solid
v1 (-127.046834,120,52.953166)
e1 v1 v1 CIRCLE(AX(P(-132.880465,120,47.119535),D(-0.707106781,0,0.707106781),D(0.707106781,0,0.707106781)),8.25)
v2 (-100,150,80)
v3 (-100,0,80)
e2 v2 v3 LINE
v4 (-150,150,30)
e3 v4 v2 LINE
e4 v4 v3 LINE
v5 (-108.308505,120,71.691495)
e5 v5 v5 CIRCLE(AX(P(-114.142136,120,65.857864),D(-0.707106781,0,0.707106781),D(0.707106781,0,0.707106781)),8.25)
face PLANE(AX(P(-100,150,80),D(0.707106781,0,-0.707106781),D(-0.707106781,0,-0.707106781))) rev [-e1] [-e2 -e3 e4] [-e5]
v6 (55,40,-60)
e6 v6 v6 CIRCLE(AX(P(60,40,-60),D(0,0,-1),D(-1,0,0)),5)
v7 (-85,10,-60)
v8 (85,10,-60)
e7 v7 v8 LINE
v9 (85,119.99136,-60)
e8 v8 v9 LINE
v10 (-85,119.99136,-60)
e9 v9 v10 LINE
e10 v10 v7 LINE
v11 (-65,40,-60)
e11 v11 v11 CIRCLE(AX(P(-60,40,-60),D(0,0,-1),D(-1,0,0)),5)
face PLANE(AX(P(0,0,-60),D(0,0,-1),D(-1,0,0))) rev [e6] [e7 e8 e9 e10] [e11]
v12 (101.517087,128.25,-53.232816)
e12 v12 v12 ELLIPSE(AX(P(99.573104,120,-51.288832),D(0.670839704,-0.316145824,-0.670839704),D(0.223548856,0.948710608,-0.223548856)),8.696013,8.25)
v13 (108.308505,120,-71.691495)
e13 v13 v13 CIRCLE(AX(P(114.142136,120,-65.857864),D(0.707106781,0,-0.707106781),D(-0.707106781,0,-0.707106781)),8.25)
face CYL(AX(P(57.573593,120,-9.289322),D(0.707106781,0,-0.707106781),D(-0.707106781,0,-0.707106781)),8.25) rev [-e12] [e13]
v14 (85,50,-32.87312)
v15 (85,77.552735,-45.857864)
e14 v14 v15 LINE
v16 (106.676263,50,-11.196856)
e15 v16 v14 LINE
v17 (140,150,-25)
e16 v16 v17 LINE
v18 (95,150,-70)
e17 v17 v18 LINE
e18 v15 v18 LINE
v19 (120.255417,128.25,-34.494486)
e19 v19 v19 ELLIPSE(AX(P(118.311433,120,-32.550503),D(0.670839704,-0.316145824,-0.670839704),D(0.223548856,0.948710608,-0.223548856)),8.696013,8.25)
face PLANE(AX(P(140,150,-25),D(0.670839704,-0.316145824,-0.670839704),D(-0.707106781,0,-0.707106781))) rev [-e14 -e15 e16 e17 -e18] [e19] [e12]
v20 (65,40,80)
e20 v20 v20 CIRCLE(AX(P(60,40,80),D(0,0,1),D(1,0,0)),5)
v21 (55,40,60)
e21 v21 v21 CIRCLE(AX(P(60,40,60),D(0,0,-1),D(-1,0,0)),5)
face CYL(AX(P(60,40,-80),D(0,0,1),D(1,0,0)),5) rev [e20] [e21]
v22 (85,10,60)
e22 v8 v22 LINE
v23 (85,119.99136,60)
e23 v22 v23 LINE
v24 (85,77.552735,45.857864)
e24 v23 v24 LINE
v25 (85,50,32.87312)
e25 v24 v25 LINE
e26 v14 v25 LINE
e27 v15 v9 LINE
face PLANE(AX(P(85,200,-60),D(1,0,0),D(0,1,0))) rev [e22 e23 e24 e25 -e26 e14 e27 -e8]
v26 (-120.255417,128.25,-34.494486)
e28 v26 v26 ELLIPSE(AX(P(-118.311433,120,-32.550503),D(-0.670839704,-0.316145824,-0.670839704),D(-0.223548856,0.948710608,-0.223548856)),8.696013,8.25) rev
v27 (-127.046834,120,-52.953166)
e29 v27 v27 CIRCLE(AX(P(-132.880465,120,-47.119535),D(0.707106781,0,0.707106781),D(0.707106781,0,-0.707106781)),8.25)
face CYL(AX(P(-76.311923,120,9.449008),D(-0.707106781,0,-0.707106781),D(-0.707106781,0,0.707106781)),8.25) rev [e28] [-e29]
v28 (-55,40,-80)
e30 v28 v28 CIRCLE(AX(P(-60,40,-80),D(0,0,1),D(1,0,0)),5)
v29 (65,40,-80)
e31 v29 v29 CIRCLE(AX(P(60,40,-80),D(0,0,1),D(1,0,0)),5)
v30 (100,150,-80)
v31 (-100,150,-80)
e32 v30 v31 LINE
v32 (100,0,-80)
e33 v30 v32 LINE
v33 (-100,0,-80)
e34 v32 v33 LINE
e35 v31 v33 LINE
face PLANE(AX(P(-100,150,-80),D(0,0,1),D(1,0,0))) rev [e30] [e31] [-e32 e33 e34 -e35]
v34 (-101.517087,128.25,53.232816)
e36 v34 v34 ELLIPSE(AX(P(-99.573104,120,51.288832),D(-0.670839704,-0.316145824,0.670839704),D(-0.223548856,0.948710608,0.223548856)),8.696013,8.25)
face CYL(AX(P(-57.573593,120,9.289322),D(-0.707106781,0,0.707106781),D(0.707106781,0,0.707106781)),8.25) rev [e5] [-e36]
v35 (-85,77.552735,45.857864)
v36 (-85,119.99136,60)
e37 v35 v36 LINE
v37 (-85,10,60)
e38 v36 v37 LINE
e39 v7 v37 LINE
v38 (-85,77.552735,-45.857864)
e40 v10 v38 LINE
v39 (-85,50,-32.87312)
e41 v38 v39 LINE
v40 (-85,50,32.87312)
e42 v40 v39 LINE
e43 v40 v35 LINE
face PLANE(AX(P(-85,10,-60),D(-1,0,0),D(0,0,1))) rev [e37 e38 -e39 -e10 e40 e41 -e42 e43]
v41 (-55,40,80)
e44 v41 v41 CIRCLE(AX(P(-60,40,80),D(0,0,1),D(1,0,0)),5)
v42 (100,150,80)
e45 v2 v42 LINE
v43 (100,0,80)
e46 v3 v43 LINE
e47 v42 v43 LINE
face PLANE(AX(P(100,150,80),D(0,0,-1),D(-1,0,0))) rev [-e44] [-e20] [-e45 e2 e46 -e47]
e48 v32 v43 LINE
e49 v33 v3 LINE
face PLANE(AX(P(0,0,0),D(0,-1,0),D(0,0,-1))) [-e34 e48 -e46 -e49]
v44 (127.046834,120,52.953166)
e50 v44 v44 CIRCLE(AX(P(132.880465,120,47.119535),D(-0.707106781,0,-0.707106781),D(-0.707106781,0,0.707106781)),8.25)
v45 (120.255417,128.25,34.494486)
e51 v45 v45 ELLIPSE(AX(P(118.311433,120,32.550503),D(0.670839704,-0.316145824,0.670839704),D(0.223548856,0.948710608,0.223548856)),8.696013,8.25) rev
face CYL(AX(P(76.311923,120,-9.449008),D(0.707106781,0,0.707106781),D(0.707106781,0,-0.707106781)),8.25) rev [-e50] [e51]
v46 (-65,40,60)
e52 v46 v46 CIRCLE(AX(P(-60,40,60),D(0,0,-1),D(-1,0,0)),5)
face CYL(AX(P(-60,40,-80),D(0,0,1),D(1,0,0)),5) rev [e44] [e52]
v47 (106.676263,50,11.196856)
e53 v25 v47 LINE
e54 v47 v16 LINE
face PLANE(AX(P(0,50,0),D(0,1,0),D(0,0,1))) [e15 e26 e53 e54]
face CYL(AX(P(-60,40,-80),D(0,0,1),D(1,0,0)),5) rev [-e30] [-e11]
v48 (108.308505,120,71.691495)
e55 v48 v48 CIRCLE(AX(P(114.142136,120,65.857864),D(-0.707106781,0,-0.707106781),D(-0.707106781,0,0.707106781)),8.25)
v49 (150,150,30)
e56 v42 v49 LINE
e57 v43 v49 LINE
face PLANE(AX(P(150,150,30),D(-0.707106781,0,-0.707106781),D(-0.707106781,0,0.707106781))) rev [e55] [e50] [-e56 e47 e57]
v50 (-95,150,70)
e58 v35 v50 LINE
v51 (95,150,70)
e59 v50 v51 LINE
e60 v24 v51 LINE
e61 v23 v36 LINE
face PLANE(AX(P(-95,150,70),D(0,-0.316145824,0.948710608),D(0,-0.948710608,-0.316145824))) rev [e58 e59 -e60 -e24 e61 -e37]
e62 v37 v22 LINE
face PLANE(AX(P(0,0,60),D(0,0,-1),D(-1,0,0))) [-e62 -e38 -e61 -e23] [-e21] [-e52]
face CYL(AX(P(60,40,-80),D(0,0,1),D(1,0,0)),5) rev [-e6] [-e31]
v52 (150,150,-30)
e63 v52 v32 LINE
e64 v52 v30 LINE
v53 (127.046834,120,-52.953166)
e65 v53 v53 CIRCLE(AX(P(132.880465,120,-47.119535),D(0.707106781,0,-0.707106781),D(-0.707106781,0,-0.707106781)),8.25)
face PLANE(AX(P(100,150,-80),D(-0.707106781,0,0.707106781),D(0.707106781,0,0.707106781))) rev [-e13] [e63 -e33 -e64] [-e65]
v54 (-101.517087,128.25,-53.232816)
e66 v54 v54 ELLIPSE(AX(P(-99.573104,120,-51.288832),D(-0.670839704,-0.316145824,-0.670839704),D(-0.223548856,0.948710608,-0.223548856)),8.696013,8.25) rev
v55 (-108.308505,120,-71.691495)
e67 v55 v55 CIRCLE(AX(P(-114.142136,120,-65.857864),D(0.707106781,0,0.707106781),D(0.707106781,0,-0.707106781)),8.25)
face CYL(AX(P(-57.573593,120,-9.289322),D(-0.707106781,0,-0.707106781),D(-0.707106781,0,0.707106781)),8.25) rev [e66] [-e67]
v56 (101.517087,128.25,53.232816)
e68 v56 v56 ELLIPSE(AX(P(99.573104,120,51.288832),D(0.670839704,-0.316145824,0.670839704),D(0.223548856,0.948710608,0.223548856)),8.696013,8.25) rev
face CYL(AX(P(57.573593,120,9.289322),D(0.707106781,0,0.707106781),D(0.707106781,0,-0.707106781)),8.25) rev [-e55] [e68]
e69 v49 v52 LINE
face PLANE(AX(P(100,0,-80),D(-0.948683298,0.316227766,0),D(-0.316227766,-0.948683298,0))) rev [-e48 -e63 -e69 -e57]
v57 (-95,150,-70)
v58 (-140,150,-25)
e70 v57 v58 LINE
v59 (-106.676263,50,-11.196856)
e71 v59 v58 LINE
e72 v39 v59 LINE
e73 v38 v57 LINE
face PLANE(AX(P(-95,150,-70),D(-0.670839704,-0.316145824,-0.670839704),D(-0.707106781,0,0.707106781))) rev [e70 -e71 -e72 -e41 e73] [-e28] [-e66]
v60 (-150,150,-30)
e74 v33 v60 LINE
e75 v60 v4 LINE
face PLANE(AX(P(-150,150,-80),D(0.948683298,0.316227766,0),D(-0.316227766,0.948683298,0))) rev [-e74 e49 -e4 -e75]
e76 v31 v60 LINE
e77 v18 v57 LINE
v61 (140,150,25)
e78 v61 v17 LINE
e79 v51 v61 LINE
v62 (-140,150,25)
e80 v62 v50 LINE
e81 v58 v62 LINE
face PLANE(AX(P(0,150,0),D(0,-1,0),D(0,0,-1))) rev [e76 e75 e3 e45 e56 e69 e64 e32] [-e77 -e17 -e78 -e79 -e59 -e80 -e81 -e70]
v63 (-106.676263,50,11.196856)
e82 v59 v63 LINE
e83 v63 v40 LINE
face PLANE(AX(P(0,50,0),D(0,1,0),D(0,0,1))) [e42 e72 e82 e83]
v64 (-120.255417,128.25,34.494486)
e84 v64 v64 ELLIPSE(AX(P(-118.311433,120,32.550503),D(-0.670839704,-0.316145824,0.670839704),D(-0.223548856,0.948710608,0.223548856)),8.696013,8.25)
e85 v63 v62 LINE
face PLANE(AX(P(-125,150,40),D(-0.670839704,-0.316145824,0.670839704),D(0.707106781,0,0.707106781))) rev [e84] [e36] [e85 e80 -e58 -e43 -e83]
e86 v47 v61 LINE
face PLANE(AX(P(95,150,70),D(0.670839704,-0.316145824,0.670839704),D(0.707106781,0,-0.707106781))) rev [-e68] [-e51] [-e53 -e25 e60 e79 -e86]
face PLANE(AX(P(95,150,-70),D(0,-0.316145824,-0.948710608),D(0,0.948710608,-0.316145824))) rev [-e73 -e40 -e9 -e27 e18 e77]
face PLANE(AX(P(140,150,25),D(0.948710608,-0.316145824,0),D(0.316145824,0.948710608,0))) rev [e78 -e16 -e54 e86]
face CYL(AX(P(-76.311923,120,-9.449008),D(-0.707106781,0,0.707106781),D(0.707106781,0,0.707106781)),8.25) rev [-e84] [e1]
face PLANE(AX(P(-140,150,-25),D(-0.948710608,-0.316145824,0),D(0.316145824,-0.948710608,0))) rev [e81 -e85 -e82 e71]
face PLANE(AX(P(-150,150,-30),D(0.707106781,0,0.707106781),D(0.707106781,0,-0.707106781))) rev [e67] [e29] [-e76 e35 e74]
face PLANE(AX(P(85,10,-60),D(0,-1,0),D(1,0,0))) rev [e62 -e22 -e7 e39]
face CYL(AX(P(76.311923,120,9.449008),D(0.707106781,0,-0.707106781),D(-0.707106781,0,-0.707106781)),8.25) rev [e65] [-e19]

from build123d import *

# Parameters (mm, degrees)
BOSS_EXTRUDE1_DEPTH     = 150
CUT_EXTRUDE1_DEPTH      = 227.715680975
CUT_EXTRUDE1_DEPTH_BACK = 227.715680975
SKETCH3_W               = 170
SKETCH3_H               = 190
CUT_EXTRUDE2_DEPTH      = 60
CUT_EXTRUDE3_DEPTH      = 100
CUT_EXTRUDE3_DRAFT      = -18.43
SKETCH5_R               = 8.25
CUT_EXTRUDE4_DEPTH      = 80
MIRROR2_COPY_1_SKETCH_R = 8.25
MIRROR2_COPY_1_DEPTH    = 80
SKETCH7_R               = 5
CUT_EXTRUDE5_DEPTH      = 266.706605112


with BuildPart() as part:
    # Sketch1 → Boss-Extrude1 (new body)
    with BuildSketch(Plane(origin=(0, 0, 0), x_dir=(1, 0, 0), z_dir=(0, 1, 0))):
        Polygon((-150, 30), (-100, 80), (100, 80), (150, 30), (150, -30), (100, -80), (-100, -80), (-150, -30), align=None)
    extrude(amount=BOSS_EXTRUDE1_DEPTH)

    # Sketch2 → Cut-Extrude1 (cut, two sides: drawn at the far end of the back side and taken through both)
    with BuildSketch(Plane.XY.offset(-CUT_EXTRUDE1_DEPTH_BACK)):
        Polygon((-150, 150), (-100, 0), (-150, 0), align=None)
        Polygon((100, 0), (150, 150), (150, 0), align=None)
    extrude(amount=CUT_EXTRUDE1_DEPTH + CUT_EXTRUDE1_DEPTH_BACK, mode=Mode.SUBTRACT)

    # Sketch3 → Cut-Extrude2 (cut, symmetric)
    with BuildSketch(Plane.XY):
        with Locations((0, 105)):
            Rectangle(SKETCH3_W, SKETCH3_H)
    extrude(amount=CUT_EXTRUDE2_DEPTH, both=True, mode=Mode.SUBTRACT)


with BuildPart() as cut_extrude3_tool:
    # Sketch4 → Cut-Extrude3 (with draft: the straight prism first)
    with BuildSketch(Plane(origin=(0, 150, 0), x_dir=(1, 0, 0), z_dir=(0, 1, 0))):
        Polygon((-140, -25), (-125, -40), (-95, -70), (95, -70), (140, -25), (140, 25), (95, 70), (-95, 70), (-140, 25), align=None)
    extrude(amount=-CUT_EXTRUDE3_DEPTH)
    # Cut-Extrude3: the draft: its side faces are tilted about the plane it starts from
    cut_extrude3_sides = [cut_extrude3_tool.faces().sort_by_distance(p)[0] for p in [
        (-117.5, 100, 47.5),
        (-117.5, 100, -47.5),
        (0, 100, -70),
        (117.5, 100, -47.5),
        (140, 100, 0),
        (117.5, 100, 47.5),
        (0, 100, 70),
        (-140, 100, 0),
    ]]
    draft(cut_extrude3_sides, Plane(origin=(0, 150, 0), x_dir=(1, 0, 0), z_dir=(0, 1, 0)), CUT_EXTRUDE3_DRAFT)


with BuildPart() as part_1:
    add(part.part)

    # Cut-Extrude3: cut by cut_extrude3_tool
    add(cut_extrude3_tool.part, mode=Mode.SUBTRACT)

    # Sketch5 → Cut-Extrude4 (cut)
    with BuildSketch(Plane(origin=(-90, 0, 90), x_dir=(0.7071067811865475, 0, 0.7071067811865477), z_dir=(-0.7071067811865477, 0, 0.7071067811865475))):
        with Locations((-60.642135624, 120)):
            Circle(SKETCH5_R)
        with Locations((-34.142135624, 120)):
            Circle(SKETCH5_R)
    cut_extrude4 = extrude(amount=-CUT_EXTRUDE4_DEPTH, mode=Mode.SUBTRACT)

    # Mirror1: Cut-Extrude4 across plane
    add(cut_extrude4.mirror(Plane.XY), mode=Mode.SUBTRACT)

    # Mirror2: Cut-Extrude4 across plane
    add(cut_extrude4.mirror(Plane(origin=(0, 0, 0), x_dir=(0, 0, 1), z_dir=(1, 0, 0))), mode=Mode.SUBTRACT)

    # Mirror2 copy 1 sketch → Mirror2 copy 1 (cut)
    with BuildSketch(Plane(origin=(90, 0, -90), x_dir=(-0.7071067811865475, 0, -0.7071067811865477), z_dir=(0.7071067811865477, 0, -0.7071067811865475))):
        with Locations((-60.642135624, 120)):
            Circle(MIRROR2_COPY_1_SKETCH_R)
        with Locations((-34.142135624, 120)):
            Circle(MIRROR2_COPY_1_SKETCH_R)
    extrude(amount=-MIRROR2_COPY_1_DEPTH, mode=Mode.SUBTRACT)

    # Sketch7 → Cut-Extrude5 (cut, through all)
    with BuildSketch(Plane.XY.offset(80)):
        with Locations((-60, 40)):
            Circle(SKETCH7_R)
        with Locations((60, 40)):
            Circle(SKETCH7_R)
    extrude(amount=-CUT_EXTRUDE5_DEPTH, mode=Mode.SUBTRACT)


solid = part_1.part
